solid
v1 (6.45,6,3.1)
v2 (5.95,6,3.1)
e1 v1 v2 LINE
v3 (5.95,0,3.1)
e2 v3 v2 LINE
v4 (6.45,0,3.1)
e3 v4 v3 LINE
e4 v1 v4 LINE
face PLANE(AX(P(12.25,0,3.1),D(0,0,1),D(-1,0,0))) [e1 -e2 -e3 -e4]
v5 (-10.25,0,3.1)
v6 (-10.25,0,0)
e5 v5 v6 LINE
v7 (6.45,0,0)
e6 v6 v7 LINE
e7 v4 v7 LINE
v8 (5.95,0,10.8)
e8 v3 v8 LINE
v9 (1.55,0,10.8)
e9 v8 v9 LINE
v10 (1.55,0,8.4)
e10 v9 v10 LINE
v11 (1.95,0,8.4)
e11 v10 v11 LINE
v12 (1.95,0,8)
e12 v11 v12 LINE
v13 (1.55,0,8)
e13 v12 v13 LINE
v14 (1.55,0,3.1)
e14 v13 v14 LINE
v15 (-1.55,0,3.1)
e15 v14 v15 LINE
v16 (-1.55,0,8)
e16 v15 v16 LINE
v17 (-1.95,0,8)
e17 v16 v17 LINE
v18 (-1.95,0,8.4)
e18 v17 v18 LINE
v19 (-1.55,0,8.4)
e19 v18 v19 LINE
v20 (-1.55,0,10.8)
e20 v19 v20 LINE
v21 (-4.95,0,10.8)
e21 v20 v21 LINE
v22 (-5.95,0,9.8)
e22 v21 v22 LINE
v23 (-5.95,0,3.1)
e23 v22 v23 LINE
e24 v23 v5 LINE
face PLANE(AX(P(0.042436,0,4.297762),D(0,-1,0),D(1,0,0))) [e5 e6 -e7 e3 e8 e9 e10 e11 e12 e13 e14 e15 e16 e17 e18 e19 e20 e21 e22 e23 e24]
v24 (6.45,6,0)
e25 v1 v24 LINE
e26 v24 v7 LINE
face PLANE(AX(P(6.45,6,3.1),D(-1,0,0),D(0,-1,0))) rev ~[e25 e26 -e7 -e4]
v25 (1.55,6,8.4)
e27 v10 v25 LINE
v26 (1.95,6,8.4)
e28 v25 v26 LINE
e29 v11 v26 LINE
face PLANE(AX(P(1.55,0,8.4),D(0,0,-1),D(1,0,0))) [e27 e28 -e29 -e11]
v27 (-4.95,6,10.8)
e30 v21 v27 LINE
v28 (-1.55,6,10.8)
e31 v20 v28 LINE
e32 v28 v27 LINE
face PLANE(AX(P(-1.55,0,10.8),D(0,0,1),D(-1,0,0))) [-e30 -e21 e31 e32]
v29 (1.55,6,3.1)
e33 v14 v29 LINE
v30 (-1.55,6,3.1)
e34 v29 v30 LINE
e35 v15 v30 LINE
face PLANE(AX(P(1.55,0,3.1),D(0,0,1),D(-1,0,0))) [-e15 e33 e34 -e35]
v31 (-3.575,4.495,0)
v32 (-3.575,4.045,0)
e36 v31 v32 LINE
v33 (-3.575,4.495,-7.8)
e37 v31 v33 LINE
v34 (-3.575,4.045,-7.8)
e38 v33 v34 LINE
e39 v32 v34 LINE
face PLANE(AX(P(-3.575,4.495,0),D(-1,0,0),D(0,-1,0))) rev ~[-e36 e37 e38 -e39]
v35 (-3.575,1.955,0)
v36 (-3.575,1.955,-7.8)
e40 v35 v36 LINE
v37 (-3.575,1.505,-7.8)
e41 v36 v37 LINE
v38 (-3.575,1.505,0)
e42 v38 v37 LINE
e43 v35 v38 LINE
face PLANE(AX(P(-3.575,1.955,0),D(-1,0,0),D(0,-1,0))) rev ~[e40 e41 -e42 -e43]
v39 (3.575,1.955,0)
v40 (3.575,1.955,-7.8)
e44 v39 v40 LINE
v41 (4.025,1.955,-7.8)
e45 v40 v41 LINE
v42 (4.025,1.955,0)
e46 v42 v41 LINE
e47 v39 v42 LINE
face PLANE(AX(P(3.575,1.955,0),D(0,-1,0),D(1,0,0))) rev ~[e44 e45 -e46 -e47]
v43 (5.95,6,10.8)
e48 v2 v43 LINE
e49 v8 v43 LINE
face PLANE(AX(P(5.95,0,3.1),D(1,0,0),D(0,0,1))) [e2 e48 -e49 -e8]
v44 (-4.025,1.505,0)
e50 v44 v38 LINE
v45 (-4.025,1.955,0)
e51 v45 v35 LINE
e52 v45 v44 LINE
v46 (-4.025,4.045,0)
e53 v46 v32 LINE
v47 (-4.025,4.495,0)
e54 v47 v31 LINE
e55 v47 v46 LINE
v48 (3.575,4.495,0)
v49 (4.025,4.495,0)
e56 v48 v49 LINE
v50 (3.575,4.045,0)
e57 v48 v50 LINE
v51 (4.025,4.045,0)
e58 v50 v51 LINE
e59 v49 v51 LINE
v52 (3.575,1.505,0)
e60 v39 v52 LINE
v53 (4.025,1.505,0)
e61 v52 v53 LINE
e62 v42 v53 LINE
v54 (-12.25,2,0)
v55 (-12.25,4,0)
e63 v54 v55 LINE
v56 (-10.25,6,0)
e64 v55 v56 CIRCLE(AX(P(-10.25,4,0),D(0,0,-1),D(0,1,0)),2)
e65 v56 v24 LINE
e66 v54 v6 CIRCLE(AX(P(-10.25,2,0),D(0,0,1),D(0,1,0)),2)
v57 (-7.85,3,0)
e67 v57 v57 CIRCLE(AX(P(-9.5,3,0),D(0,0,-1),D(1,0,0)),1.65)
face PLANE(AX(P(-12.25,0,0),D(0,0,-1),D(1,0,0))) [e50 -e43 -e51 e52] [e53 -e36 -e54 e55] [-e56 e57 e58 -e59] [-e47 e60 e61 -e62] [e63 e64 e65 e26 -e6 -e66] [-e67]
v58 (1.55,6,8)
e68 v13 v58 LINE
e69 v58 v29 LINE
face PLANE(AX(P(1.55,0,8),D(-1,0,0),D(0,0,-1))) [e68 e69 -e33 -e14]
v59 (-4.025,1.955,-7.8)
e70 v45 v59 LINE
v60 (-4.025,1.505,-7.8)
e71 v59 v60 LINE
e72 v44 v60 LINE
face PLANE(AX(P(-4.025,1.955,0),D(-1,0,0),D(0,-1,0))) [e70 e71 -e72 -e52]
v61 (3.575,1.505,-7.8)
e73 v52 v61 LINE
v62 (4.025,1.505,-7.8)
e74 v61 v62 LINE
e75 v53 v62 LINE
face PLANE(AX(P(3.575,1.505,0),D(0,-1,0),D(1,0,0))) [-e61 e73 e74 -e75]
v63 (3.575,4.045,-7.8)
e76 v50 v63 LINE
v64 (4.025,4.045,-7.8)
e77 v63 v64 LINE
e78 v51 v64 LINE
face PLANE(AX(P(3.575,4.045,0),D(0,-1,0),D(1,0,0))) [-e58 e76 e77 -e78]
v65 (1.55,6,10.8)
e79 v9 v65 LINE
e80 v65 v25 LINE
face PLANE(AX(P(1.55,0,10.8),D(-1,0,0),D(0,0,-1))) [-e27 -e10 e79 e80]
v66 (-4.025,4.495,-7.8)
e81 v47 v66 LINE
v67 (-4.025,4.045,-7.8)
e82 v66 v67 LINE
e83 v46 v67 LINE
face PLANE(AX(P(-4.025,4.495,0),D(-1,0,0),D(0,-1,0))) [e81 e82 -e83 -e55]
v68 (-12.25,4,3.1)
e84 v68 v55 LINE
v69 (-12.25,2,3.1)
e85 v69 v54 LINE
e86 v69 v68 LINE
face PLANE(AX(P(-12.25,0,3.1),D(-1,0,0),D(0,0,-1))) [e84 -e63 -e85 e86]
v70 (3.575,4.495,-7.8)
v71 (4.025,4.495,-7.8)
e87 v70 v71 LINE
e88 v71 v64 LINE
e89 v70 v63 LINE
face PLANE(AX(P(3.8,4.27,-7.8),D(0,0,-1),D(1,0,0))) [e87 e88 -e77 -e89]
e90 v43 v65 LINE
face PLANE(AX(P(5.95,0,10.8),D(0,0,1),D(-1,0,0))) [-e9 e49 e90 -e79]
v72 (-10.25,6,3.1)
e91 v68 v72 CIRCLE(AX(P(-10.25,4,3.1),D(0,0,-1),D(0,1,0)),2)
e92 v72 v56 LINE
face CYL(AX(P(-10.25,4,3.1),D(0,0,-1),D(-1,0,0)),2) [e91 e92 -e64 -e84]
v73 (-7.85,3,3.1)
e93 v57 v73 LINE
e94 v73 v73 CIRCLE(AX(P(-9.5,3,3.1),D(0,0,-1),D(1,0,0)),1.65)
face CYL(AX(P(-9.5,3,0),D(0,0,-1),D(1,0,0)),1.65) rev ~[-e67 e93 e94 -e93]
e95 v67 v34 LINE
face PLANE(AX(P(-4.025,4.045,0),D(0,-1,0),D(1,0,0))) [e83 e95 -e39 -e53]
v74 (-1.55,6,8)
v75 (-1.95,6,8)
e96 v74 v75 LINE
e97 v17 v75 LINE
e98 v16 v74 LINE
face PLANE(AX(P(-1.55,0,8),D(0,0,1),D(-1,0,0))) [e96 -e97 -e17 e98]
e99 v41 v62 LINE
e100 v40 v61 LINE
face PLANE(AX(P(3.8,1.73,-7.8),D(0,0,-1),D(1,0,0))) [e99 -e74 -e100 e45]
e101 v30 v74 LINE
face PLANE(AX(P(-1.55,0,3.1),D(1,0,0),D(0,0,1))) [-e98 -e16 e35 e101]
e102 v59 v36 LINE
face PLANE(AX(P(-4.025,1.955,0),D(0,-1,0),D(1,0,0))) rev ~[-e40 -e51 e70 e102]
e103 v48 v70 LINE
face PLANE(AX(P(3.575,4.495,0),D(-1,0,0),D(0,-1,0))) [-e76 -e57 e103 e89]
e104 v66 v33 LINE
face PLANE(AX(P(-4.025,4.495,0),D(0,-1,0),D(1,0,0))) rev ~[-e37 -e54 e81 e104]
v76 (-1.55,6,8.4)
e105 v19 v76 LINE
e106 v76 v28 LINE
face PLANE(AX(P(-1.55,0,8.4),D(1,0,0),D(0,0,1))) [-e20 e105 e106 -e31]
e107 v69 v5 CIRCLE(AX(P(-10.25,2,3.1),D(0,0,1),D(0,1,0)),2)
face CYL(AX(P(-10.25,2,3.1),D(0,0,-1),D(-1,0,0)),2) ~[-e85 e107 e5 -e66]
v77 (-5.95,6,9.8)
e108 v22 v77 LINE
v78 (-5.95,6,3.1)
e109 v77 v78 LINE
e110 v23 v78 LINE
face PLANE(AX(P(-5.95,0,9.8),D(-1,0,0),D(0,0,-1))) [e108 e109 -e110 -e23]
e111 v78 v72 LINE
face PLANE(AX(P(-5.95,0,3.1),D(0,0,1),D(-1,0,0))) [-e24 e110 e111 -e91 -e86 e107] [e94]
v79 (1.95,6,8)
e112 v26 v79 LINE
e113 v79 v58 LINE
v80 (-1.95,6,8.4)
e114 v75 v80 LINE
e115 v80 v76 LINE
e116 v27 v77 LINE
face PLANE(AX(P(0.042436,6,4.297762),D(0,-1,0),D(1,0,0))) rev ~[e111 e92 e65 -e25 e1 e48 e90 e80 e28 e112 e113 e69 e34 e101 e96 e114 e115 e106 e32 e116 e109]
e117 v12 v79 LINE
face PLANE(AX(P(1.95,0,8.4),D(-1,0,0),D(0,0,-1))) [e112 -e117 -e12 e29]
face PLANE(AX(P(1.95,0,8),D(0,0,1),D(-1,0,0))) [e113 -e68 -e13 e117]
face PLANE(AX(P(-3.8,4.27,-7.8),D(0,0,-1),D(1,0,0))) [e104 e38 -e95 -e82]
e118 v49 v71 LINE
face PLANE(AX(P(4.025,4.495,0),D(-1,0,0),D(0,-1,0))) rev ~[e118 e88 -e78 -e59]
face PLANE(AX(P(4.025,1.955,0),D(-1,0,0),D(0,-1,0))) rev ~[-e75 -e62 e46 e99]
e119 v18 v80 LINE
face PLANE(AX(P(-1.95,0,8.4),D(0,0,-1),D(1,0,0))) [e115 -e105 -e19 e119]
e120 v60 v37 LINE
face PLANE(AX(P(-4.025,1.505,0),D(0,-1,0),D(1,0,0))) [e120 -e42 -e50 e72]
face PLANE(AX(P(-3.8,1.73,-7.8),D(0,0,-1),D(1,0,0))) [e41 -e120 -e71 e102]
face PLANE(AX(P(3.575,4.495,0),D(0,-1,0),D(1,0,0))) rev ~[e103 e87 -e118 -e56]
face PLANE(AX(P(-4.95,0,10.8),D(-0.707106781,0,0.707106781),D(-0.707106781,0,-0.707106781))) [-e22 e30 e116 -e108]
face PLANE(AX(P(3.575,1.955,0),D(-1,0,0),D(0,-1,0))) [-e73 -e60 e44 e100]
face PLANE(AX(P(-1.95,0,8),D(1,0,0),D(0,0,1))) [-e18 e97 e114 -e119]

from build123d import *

# Parameters (mm, degrees)
F1_DEPTH = 6
F2_R     = 2
F3_R     = 1.65
F4_DEPTH = 3.1
F3_W     = 0.45
F3_H     = 0.45
F5_DEPTH = 7.8
F6_R     = 1.65
F7_DEPTH = 3.1


with BuildPart() as f1:
    # F0 (on Front) → F1 (new body)
    with BuildSketch(Plane.XZ):
        Polygon((-12.25, 0), (12.25, 0), (12.25, 3.1), (5.95, 3.1), (5.95, 10.8), (1.55, 10.8), (1.55, 8.4), (1.95, 8.4), (1.95, 8), (1.55, 8), (1.55, 3.1), (-1.55, 3.1), (-1.55, 8), (-1.95, 8), (-1.95, 8.4), (-1.55, 8.4), (-1.55, 10.8), (-4.95, 10.8), (-5.95, 9.8), (-5.95, 3.1), (-12.25, 3.1), align=None)
    extrude(amount=-F1_DEPTH)

    # F2
    f2_edges = [f1.edges().sort_by_distance(p)[0] for p in [
        (-12.25, 0, 1.55),
        (12.25, 0, 1.55),
        (12.25, 6, 1.55),
        (-12.25, 6, 1.55),
    ]]
    fillet(f2_edges, radius=F2_R)

    # F3 (on face) → F4 (cut, through all)
    with BuildSketch(Plane(origin=(0, 0, 0), x_dir=(1, 0, 0), z_dir=(0, 0, -1))):
        with Locations((-9.5, -3)):
            Circle(F3_R)
        with Locations((9.5, -3)):
            Circle(F3_R)
    extrude(amount=-F4_DEPTH, mode=Mode.SUBTRACT)

    # F3 (on face) → F5 (join)
    with BuildSketch(Plane(origin=(0, 0, 0), x_dir=(1, 0, 0), z_dir=(0, 0, -1))):
        with Locations((-3.8, -1.73)):
            Rectangle(F3_W, F3_H)
        with Locations((-3.8, -4.27)):
            Rectangle(F3_W, F3_H)
        with Locations((3.8, -4.27)):
            Rectangle(F3_W, F3_H)
        with Locations((3.8, -1.73)):
            Rectangle(F3_W, F3_H)
    extrude(amount=F5_DEPTH)

    # F6 (on face) → F7 (cut, through all)
    with BuildSketch(Plane.XY.offset(3.1)):
        with BuildLine():
            Line((10.25, 6), (6.45, 6))
            Line((6.45, 6), (6.45, 0))
            Line((6.45, 0), (10.25, 0))
            ThreePointArc((10.25, 0), (11.6642135624, 0.5857864376), (12.25, 2))
            Line((12.25, 2), (12.25, 4))
            ThreePointArc((12.25, 4), (11.6642135624, 5.4142135624), (10.25, 6))
        make_face()
        with Locations((9.5, 3)):
            Circle(F6_R, mode=Mode.SUBTRACT)
    extrude(amount=-F7_DEPTH, mode=Mode.SUBTRACT)


solid = f1.part
